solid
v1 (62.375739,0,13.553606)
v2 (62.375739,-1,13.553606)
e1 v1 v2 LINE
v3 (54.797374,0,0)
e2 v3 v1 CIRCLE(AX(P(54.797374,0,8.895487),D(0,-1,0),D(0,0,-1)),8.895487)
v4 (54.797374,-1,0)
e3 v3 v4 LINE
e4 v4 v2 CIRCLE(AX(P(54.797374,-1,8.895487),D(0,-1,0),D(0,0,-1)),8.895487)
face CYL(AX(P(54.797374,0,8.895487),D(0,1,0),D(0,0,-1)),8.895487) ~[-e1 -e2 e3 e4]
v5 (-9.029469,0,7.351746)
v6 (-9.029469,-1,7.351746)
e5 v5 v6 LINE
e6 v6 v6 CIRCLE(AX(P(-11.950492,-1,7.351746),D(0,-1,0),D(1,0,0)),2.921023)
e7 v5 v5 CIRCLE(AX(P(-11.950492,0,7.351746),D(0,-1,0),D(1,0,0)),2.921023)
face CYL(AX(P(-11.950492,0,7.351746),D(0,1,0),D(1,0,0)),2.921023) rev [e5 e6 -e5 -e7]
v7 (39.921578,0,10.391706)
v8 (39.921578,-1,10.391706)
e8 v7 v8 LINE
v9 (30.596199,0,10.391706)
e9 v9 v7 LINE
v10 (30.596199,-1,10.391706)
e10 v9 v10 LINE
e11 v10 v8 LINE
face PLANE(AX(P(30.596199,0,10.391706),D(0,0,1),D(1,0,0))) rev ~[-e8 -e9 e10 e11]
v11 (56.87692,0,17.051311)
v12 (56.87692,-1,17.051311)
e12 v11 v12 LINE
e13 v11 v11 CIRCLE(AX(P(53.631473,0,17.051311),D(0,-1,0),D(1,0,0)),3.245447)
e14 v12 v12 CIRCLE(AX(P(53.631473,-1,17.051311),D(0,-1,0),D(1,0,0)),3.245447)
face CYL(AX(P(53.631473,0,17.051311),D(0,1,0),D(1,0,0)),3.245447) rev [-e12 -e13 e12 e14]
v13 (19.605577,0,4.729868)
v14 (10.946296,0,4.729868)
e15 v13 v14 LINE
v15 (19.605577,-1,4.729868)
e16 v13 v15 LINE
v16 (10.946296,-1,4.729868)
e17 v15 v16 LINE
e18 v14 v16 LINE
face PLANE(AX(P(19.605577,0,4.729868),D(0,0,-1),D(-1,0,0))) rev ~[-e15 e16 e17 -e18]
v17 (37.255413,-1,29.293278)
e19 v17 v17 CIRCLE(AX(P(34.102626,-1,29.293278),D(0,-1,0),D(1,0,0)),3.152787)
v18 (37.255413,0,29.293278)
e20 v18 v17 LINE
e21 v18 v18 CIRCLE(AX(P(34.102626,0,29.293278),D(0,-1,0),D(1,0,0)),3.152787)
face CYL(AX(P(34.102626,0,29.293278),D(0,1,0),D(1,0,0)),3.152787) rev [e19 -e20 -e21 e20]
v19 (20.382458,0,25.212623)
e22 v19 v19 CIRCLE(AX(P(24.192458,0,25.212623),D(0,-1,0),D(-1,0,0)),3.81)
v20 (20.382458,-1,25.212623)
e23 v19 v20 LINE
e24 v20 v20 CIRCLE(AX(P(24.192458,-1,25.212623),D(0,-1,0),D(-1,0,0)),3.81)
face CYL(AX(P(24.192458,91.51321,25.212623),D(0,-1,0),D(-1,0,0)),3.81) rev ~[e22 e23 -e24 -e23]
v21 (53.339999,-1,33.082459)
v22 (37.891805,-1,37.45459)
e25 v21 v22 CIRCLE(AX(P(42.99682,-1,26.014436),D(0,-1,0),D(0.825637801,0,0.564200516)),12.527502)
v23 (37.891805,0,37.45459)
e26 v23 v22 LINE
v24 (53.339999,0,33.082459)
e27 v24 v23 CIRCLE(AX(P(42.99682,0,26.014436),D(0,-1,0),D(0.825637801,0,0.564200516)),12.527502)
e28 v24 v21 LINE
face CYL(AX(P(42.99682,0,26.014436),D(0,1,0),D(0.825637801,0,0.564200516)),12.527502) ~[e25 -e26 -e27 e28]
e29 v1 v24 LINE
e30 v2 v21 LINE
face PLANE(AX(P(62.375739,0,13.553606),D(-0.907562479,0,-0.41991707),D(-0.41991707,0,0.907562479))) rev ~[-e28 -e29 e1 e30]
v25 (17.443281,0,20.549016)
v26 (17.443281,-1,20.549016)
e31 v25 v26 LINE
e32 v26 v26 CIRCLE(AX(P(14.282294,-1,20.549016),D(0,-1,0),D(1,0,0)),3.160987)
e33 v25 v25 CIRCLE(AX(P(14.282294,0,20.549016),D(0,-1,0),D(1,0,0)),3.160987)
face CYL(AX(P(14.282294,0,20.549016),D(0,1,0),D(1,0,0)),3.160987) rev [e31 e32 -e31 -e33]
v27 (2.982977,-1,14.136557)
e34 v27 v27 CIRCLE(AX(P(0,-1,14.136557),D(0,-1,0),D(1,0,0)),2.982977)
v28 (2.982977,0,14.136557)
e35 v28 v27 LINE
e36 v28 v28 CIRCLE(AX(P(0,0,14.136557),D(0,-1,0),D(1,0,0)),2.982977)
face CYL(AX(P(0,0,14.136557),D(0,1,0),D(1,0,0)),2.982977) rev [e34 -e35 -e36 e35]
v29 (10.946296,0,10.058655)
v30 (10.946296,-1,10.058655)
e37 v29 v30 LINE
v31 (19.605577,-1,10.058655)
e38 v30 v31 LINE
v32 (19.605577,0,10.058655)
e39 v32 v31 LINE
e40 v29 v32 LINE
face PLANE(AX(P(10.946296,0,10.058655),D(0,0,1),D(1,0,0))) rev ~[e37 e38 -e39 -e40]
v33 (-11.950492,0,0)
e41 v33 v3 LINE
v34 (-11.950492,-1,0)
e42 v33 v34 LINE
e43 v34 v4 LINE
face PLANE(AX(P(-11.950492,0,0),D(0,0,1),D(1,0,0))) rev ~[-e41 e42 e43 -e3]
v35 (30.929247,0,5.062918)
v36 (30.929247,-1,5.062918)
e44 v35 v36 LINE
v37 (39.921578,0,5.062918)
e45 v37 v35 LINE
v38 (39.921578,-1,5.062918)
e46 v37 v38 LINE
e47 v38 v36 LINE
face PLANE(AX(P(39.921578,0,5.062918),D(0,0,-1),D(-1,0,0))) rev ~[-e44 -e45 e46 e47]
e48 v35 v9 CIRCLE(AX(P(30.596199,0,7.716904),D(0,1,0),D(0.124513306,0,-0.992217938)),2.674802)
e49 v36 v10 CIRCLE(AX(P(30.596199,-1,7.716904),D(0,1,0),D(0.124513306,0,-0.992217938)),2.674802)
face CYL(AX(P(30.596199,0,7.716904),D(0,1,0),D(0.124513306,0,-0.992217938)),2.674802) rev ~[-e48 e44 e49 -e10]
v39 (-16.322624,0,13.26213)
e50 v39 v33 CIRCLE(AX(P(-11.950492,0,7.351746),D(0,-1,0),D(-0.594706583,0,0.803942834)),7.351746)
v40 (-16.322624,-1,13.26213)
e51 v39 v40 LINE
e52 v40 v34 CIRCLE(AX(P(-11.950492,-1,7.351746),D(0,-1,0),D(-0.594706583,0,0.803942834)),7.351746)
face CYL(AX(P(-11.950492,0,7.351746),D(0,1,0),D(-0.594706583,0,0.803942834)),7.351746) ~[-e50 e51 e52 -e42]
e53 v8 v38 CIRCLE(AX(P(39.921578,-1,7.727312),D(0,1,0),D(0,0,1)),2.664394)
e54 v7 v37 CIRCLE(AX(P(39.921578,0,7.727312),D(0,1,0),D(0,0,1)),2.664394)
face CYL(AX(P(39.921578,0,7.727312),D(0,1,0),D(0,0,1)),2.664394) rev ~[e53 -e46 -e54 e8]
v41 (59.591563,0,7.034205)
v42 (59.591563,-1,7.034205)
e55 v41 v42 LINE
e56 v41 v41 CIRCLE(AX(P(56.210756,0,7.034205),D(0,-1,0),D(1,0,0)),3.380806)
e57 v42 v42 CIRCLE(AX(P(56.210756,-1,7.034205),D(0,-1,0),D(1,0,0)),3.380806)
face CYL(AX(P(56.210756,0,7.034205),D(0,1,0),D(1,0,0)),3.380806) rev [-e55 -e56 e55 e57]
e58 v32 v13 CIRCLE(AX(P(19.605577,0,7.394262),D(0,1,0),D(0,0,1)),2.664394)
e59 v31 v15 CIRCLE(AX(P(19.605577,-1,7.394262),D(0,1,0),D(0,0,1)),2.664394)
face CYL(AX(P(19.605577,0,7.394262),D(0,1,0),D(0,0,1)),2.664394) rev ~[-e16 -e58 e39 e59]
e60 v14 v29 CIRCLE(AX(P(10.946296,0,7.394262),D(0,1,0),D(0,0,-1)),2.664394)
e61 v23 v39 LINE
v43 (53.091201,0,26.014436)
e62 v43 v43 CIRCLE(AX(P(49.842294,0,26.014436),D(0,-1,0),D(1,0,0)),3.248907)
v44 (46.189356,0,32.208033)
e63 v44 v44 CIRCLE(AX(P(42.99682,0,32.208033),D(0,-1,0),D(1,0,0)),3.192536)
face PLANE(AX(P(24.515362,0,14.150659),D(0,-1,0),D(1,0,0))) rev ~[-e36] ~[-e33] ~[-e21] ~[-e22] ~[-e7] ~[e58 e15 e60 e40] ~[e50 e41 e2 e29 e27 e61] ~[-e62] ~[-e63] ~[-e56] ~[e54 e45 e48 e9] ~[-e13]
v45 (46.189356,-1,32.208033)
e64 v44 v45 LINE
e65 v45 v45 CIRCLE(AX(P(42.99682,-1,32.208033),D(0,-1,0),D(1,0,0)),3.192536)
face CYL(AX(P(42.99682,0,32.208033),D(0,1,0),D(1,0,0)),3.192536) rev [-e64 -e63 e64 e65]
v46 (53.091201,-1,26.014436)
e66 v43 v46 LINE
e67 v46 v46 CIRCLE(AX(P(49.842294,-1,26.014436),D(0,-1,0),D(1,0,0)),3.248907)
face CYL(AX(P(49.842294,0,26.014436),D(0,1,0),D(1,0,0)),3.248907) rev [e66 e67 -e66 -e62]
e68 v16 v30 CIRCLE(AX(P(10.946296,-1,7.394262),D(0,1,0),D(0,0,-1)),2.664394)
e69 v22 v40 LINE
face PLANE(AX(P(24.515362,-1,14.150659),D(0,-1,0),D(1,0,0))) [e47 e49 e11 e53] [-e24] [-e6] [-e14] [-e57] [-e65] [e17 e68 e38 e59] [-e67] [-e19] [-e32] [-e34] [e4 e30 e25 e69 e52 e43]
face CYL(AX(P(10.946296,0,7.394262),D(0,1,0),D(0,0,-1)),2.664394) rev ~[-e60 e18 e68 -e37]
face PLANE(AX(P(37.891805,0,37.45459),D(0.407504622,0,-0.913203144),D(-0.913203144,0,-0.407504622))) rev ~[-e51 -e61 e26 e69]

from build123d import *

# Parameters (mm, degrees)
F0_R     = 2.9210225979
F0_R_2   = 2.9829768296
F0_R_3   = 3.380806442
F0_R_4   = 3.2454468052
F0_R_5   = 3.1609872768
F0_R_6   = 3.1209973013
F0_R_7   = 3.2489070305
F0_R_8   = 3.1527870082
F0_R_9   = 3.192535602
F1_DEPTH = 1
F2_D     = 7.62


with BuildPart() as f1:
    # F0 (on Front) → F1 (new body)
    with BuildSketch(Plane.XZ):
        with BuildLine():
            ThreePointArc((-16.3226239383, 13.2621303201), (-18.9326054855, 5.0499501714), (-11.9504919276, 0))
            Line((-11.9504919276, 0), (54.7973737121, 0))
            ThreePointArc((54.7973737121, 0), (62.5615843724, 4.5542054668), (62.3757392168, 13.5536063462))
            Line((62.3757392168, 13.5536063462), (53.3399991691, 33.0824591219))
            ThreePointArc((53.3399991691, 33.0824591219), (46.4083407886, 38.0684739954), (37.891805172, 37.4545902014))
            Line((37.891805172, 37.4545902014), (-16.3226239383, 13.2621303201))
        make_face()
        with Locations((-11.9504919276, 7.351746448)):
            Circle(F0_R, mode=Mode.SUBTRACT)
        with BuildLine():
            Line((19.605576992, 4.7298683785), (10.9462961555, 4.7298683785))
            ThreePointArc((10.9462961555, 4.7298683785), (8.2819026429, 7.394261891), (10.9462961555, 10.0586554036))
            Line((10.9462961555, 10.0586554036), (19.605576992, 10.0586554036))
            ThreePointArc((19.605576992, 10.0586554036), (22.2699705046, 7.394261891), (19.605576992, 4.7298683785))
        make_face(mode=Mode.SUBTRACT)
        with Locations((0, 14.1365574673)):
            Circle(F0_R_2, mode=Mode.SUBTRACT)
        with BuildLine():
            Line((39.9215780199, 5.0629177131), (30.9292469174, 5.0629177131))
            ThreePointArc((30.9292469174, 5.0629177131), (27.9266057398, 7.5500548295), (30.5961985141, 10.3917056695))
            Line((30.5961985141, 10.3917056695), (39.9215780199, 10.3917056695))
            ThreePointArc((39.9215780199, 10.3917056695), (42.5859719981, 7.7273116913), (39.9215780199, 5.0629177131))
        make_face(mode=Mode.SUBTRACT)
        with Locations((56.2107563019, 7.0342049003)):
            Circle(F0_R_3, mode=Mode.SUBTRACT)
        with Locations((53.6314733326, 17.0513112098)):
            Circle(F0_R_4, mode=Mode.SUBTRACT)
        with Locations((14.2822936177, 20.5490160733)):
            Circle(F0_R_5, mode=Mode.SUBTRACT)
        with Locations((24.1924580187, 25.212623179)):
            Circle(F0_R_6, mode=Mode.SUBTRACT)
        with Locations((49.8422943056, 26.014436106)):
            Circle(F0_R_7, mode=Mode.SUBTRACT)
        with Locations((34.1026261449, 29.2932782322)):
            Circle(F0_R_8, mode=Mode.SUBTRACT)
        with Locations((42.9968200828, 32.2080329061)):
            Circle(F0_R_9, mode=Mode.SUBTRACT)
    extrude(amount=F1_DEPTH)

    # F2 (through all)
    with Locations(Plane(origin=(0, 0, 0), x_dir=(1, 0, 0), z_dir=(0, 1, 0))):
        with Locations((24.1924580187, -25.212623179)):
            Hole(F2_D / 2)


solid = f1.part
